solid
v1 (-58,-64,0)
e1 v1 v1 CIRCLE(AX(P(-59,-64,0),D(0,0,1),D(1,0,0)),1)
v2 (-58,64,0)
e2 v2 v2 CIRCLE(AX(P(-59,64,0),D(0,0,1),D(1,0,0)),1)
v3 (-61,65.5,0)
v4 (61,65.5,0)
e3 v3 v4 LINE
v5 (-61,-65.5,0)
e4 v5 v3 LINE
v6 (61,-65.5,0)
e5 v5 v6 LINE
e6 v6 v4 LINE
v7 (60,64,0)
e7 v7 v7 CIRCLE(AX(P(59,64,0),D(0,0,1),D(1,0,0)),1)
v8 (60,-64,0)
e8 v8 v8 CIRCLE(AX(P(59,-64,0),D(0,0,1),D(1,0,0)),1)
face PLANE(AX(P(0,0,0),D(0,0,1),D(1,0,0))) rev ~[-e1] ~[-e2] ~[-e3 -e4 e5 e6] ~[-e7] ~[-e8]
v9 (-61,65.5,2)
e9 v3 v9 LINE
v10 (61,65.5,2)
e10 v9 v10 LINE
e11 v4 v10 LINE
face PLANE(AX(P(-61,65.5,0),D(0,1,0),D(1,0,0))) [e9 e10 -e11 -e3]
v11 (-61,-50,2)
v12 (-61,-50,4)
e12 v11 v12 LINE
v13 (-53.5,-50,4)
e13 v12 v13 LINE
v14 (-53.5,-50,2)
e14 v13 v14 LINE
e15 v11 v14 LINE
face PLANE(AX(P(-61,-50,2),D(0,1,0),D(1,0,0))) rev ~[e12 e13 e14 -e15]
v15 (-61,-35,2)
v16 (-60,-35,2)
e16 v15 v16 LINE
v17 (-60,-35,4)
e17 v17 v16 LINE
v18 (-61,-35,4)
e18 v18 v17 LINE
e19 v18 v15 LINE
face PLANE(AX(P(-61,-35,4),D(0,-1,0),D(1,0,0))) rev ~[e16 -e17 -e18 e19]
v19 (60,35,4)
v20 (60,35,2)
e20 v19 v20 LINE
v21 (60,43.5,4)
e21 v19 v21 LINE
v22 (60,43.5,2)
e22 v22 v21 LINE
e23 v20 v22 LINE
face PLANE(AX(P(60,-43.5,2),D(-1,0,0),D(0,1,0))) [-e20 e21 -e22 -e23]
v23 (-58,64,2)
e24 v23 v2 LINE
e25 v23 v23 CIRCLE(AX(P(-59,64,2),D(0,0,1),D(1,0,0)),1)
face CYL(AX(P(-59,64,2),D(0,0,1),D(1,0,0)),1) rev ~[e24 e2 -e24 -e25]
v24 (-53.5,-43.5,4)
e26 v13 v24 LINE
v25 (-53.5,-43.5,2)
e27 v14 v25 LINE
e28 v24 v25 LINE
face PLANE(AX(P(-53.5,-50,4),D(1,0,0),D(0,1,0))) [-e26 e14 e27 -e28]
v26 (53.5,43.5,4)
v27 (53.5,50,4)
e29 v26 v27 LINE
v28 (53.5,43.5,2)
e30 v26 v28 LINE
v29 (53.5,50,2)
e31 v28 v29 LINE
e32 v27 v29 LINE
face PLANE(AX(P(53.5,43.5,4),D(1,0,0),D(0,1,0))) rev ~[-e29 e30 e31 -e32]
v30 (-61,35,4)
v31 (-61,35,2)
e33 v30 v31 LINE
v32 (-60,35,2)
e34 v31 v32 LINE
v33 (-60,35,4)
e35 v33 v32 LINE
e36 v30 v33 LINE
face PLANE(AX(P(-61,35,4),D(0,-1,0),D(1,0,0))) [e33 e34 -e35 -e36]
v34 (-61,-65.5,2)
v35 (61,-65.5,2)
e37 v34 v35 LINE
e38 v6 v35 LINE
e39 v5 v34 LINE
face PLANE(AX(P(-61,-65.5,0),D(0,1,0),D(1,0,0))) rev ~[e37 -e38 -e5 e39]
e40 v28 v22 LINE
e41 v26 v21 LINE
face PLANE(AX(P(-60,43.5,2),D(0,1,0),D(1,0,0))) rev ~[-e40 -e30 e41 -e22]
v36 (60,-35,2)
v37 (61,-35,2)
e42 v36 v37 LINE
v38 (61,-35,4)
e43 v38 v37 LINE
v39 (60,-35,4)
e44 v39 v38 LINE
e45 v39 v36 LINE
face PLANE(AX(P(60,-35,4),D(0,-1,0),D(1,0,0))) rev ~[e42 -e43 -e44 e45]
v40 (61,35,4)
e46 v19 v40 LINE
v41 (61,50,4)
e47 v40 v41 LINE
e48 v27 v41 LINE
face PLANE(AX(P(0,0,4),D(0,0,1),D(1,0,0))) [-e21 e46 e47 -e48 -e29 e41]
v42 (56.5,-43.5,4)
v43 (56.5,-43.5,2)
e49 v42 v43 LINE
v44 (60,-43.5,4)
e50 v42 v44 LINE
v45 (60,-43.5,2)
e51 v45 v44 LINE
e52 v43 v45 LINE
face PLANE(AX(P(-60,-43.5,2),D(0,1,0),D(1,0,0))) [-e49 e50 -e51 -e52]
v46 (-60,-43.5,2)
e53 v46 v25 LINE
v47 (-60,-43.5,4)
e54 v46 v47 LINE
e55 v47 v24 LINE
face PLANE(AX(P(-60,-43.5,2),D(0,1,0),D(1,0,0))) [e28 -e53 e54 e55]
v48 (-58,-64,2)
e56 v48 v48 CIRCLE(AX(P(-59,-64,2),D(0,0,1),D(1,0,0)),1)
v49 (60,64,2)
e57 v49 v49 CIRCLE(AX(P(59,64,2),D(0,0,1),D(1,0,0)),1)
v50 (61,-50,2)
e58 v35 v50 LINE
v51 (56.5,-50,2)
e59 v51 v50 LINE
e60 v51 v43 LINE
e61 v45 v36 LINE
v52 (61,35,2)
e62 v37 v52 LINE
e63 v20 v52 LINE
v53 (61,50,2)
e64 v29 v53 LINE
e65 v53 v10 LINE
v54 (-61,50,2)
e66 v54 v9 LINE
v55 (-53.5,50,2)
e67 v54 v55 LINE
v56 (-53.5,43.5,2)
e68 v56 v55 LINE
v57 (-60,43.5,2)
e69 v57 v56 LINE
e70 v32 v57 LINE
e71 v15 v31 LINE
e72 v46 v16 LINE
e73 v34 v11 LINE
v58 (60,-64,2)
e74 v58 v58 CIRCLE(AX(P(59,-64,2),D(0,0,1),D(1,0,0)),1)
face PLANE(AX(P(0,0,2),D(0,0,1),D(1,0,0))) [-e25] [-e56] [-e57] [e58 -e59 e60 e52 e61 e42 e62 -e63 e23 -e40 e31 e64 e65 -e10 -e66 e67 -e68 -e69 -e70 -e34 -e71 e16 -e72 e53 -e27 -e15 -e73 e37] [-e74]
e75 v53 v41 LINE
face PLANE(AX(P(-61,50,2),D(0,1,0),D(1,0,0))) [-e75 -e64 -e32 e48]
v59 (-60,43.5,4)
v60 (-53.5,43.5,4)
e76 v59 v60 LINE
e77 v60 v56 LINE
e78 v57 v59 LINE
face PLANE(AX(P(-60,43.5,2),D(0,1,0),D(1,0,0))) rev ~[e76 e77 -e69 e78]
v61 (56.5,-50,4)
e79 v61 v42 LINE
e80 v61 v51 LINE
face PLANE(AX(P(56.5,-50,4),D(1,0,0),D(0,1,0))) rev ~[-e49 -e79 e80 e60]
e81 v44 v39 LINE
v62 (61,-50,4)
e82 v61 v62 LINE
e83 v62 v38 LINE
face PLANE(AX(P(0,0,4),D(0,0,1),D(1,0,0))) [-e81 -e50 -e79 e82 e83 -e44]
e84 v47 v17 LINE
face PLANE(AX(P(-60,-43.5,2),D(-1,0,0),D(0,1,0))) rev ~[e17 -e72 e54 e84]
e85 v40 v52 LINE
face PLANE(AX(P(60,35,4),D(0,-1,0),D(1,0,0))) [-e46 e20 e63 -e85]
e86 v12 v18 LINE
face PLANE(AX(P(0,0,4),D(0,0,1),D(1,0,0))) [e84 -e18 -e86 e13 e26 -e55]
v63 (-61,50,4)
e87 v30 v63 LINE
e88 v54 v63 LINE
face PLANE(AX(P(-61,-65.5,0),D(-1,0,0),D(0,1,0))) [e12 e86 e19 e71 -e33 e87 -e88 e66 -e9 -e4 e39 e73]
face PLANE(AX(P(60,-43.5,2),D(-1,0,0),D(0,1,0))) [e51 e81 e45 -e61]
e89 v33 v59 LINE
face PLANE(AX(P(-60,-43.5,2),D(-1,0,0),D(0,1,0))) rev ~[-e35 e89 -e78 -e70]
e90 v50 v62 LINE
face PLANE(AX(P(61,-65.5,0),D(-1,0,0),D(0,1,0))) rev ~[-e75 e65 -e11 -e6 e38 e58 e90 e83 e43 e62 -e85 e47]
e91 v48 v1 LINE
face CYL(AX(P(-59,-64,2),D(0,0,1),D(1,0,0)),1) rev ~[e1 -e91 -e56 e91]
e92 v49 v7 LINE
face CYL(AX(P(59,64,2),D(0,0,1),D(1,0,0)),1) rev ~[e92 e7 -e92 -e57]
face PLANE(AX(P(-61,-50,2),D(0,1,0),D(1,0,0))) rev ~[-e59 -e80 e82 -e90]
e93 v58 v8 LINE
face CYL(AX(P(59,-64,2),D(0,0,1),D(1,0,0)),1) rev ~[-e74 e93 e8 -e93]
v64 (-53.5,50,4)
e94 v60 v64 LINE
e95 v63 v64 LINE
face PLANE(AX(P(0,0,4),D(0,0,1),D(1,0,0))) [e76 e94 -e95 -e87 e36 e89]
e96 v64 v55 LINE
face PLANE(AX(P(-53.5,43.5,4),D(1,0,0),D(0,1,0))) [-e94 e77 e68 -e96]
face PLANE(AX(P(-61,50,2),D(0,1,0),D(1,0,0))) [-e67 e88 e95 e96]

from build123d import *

# Parameters (mm, degrees)
F0_W     = 122
F0_H     = 131
F1_DEPTH = 2
F2_R     = 1
F3_DEPTH = 2.001
F5_W     = 122
F5_H     = 100
F5_W_2   = 120
F5_H_2   = 87
F6_DEPTH = 2
F7_W     = 107
F7_H     = 6.5
F7_W_2   = 1
F7_H_2   = 70
F7_W_3   = 110
F8_DEPTH = 2


with BuildPart() as f1:
    # F0 (on Top) → F1 (new body)
    with BuildSketch(Plane.XY):
        Rectangle(F0_W, F0_H)
    extrude(amount=F1_DEPTH)

    # F2 (on face) → F3 (cut, through all)
    with BuildSketch(Plane.XY.offset(2)):
        with Locations((59, 64)):
            Circle(F2_R)
        with Locations((59, -64)):
            Circle(F2_R)
        with Locations((-59, -64)):
            Circle(F2_R)
        with Locations((-59, 64)):
            Circle(F2_R)
    extrude(amount=-F3_DEPTH, mode=Mode.SUBTRACT)

    # F5 (on face) → F6 (join)
    with BuildSketch(Plane.XY.offset(2)):
        Rectangle(F5_W, F5_H)
        Rectangle(F5_W_2, F5_H_2, mode=Mode.SUBTRACT)
    extrude(amount=F6_DEPTH)

    # F7 (on face) → F8 (cut)
    with BuildSketch(Plane.XY.offset(4)):
        with Locations((0, 46.75)):
            Rectangle(F7_W, F7_H)
        with Locations((60.5, 0)):
            Rectangle(F7_W_2, F7_H_2)
        with Locations((1.5, -46.75)):
            Rectangle(F7_W_3, F7_H)
        with Locations((-60.5, 0)):
            Rectangle(F7_W_2, F7_H_2)
    extrude(amount=-F8_DEPTH, mode=Mode.SUBTRACT)


solid = f1.part
